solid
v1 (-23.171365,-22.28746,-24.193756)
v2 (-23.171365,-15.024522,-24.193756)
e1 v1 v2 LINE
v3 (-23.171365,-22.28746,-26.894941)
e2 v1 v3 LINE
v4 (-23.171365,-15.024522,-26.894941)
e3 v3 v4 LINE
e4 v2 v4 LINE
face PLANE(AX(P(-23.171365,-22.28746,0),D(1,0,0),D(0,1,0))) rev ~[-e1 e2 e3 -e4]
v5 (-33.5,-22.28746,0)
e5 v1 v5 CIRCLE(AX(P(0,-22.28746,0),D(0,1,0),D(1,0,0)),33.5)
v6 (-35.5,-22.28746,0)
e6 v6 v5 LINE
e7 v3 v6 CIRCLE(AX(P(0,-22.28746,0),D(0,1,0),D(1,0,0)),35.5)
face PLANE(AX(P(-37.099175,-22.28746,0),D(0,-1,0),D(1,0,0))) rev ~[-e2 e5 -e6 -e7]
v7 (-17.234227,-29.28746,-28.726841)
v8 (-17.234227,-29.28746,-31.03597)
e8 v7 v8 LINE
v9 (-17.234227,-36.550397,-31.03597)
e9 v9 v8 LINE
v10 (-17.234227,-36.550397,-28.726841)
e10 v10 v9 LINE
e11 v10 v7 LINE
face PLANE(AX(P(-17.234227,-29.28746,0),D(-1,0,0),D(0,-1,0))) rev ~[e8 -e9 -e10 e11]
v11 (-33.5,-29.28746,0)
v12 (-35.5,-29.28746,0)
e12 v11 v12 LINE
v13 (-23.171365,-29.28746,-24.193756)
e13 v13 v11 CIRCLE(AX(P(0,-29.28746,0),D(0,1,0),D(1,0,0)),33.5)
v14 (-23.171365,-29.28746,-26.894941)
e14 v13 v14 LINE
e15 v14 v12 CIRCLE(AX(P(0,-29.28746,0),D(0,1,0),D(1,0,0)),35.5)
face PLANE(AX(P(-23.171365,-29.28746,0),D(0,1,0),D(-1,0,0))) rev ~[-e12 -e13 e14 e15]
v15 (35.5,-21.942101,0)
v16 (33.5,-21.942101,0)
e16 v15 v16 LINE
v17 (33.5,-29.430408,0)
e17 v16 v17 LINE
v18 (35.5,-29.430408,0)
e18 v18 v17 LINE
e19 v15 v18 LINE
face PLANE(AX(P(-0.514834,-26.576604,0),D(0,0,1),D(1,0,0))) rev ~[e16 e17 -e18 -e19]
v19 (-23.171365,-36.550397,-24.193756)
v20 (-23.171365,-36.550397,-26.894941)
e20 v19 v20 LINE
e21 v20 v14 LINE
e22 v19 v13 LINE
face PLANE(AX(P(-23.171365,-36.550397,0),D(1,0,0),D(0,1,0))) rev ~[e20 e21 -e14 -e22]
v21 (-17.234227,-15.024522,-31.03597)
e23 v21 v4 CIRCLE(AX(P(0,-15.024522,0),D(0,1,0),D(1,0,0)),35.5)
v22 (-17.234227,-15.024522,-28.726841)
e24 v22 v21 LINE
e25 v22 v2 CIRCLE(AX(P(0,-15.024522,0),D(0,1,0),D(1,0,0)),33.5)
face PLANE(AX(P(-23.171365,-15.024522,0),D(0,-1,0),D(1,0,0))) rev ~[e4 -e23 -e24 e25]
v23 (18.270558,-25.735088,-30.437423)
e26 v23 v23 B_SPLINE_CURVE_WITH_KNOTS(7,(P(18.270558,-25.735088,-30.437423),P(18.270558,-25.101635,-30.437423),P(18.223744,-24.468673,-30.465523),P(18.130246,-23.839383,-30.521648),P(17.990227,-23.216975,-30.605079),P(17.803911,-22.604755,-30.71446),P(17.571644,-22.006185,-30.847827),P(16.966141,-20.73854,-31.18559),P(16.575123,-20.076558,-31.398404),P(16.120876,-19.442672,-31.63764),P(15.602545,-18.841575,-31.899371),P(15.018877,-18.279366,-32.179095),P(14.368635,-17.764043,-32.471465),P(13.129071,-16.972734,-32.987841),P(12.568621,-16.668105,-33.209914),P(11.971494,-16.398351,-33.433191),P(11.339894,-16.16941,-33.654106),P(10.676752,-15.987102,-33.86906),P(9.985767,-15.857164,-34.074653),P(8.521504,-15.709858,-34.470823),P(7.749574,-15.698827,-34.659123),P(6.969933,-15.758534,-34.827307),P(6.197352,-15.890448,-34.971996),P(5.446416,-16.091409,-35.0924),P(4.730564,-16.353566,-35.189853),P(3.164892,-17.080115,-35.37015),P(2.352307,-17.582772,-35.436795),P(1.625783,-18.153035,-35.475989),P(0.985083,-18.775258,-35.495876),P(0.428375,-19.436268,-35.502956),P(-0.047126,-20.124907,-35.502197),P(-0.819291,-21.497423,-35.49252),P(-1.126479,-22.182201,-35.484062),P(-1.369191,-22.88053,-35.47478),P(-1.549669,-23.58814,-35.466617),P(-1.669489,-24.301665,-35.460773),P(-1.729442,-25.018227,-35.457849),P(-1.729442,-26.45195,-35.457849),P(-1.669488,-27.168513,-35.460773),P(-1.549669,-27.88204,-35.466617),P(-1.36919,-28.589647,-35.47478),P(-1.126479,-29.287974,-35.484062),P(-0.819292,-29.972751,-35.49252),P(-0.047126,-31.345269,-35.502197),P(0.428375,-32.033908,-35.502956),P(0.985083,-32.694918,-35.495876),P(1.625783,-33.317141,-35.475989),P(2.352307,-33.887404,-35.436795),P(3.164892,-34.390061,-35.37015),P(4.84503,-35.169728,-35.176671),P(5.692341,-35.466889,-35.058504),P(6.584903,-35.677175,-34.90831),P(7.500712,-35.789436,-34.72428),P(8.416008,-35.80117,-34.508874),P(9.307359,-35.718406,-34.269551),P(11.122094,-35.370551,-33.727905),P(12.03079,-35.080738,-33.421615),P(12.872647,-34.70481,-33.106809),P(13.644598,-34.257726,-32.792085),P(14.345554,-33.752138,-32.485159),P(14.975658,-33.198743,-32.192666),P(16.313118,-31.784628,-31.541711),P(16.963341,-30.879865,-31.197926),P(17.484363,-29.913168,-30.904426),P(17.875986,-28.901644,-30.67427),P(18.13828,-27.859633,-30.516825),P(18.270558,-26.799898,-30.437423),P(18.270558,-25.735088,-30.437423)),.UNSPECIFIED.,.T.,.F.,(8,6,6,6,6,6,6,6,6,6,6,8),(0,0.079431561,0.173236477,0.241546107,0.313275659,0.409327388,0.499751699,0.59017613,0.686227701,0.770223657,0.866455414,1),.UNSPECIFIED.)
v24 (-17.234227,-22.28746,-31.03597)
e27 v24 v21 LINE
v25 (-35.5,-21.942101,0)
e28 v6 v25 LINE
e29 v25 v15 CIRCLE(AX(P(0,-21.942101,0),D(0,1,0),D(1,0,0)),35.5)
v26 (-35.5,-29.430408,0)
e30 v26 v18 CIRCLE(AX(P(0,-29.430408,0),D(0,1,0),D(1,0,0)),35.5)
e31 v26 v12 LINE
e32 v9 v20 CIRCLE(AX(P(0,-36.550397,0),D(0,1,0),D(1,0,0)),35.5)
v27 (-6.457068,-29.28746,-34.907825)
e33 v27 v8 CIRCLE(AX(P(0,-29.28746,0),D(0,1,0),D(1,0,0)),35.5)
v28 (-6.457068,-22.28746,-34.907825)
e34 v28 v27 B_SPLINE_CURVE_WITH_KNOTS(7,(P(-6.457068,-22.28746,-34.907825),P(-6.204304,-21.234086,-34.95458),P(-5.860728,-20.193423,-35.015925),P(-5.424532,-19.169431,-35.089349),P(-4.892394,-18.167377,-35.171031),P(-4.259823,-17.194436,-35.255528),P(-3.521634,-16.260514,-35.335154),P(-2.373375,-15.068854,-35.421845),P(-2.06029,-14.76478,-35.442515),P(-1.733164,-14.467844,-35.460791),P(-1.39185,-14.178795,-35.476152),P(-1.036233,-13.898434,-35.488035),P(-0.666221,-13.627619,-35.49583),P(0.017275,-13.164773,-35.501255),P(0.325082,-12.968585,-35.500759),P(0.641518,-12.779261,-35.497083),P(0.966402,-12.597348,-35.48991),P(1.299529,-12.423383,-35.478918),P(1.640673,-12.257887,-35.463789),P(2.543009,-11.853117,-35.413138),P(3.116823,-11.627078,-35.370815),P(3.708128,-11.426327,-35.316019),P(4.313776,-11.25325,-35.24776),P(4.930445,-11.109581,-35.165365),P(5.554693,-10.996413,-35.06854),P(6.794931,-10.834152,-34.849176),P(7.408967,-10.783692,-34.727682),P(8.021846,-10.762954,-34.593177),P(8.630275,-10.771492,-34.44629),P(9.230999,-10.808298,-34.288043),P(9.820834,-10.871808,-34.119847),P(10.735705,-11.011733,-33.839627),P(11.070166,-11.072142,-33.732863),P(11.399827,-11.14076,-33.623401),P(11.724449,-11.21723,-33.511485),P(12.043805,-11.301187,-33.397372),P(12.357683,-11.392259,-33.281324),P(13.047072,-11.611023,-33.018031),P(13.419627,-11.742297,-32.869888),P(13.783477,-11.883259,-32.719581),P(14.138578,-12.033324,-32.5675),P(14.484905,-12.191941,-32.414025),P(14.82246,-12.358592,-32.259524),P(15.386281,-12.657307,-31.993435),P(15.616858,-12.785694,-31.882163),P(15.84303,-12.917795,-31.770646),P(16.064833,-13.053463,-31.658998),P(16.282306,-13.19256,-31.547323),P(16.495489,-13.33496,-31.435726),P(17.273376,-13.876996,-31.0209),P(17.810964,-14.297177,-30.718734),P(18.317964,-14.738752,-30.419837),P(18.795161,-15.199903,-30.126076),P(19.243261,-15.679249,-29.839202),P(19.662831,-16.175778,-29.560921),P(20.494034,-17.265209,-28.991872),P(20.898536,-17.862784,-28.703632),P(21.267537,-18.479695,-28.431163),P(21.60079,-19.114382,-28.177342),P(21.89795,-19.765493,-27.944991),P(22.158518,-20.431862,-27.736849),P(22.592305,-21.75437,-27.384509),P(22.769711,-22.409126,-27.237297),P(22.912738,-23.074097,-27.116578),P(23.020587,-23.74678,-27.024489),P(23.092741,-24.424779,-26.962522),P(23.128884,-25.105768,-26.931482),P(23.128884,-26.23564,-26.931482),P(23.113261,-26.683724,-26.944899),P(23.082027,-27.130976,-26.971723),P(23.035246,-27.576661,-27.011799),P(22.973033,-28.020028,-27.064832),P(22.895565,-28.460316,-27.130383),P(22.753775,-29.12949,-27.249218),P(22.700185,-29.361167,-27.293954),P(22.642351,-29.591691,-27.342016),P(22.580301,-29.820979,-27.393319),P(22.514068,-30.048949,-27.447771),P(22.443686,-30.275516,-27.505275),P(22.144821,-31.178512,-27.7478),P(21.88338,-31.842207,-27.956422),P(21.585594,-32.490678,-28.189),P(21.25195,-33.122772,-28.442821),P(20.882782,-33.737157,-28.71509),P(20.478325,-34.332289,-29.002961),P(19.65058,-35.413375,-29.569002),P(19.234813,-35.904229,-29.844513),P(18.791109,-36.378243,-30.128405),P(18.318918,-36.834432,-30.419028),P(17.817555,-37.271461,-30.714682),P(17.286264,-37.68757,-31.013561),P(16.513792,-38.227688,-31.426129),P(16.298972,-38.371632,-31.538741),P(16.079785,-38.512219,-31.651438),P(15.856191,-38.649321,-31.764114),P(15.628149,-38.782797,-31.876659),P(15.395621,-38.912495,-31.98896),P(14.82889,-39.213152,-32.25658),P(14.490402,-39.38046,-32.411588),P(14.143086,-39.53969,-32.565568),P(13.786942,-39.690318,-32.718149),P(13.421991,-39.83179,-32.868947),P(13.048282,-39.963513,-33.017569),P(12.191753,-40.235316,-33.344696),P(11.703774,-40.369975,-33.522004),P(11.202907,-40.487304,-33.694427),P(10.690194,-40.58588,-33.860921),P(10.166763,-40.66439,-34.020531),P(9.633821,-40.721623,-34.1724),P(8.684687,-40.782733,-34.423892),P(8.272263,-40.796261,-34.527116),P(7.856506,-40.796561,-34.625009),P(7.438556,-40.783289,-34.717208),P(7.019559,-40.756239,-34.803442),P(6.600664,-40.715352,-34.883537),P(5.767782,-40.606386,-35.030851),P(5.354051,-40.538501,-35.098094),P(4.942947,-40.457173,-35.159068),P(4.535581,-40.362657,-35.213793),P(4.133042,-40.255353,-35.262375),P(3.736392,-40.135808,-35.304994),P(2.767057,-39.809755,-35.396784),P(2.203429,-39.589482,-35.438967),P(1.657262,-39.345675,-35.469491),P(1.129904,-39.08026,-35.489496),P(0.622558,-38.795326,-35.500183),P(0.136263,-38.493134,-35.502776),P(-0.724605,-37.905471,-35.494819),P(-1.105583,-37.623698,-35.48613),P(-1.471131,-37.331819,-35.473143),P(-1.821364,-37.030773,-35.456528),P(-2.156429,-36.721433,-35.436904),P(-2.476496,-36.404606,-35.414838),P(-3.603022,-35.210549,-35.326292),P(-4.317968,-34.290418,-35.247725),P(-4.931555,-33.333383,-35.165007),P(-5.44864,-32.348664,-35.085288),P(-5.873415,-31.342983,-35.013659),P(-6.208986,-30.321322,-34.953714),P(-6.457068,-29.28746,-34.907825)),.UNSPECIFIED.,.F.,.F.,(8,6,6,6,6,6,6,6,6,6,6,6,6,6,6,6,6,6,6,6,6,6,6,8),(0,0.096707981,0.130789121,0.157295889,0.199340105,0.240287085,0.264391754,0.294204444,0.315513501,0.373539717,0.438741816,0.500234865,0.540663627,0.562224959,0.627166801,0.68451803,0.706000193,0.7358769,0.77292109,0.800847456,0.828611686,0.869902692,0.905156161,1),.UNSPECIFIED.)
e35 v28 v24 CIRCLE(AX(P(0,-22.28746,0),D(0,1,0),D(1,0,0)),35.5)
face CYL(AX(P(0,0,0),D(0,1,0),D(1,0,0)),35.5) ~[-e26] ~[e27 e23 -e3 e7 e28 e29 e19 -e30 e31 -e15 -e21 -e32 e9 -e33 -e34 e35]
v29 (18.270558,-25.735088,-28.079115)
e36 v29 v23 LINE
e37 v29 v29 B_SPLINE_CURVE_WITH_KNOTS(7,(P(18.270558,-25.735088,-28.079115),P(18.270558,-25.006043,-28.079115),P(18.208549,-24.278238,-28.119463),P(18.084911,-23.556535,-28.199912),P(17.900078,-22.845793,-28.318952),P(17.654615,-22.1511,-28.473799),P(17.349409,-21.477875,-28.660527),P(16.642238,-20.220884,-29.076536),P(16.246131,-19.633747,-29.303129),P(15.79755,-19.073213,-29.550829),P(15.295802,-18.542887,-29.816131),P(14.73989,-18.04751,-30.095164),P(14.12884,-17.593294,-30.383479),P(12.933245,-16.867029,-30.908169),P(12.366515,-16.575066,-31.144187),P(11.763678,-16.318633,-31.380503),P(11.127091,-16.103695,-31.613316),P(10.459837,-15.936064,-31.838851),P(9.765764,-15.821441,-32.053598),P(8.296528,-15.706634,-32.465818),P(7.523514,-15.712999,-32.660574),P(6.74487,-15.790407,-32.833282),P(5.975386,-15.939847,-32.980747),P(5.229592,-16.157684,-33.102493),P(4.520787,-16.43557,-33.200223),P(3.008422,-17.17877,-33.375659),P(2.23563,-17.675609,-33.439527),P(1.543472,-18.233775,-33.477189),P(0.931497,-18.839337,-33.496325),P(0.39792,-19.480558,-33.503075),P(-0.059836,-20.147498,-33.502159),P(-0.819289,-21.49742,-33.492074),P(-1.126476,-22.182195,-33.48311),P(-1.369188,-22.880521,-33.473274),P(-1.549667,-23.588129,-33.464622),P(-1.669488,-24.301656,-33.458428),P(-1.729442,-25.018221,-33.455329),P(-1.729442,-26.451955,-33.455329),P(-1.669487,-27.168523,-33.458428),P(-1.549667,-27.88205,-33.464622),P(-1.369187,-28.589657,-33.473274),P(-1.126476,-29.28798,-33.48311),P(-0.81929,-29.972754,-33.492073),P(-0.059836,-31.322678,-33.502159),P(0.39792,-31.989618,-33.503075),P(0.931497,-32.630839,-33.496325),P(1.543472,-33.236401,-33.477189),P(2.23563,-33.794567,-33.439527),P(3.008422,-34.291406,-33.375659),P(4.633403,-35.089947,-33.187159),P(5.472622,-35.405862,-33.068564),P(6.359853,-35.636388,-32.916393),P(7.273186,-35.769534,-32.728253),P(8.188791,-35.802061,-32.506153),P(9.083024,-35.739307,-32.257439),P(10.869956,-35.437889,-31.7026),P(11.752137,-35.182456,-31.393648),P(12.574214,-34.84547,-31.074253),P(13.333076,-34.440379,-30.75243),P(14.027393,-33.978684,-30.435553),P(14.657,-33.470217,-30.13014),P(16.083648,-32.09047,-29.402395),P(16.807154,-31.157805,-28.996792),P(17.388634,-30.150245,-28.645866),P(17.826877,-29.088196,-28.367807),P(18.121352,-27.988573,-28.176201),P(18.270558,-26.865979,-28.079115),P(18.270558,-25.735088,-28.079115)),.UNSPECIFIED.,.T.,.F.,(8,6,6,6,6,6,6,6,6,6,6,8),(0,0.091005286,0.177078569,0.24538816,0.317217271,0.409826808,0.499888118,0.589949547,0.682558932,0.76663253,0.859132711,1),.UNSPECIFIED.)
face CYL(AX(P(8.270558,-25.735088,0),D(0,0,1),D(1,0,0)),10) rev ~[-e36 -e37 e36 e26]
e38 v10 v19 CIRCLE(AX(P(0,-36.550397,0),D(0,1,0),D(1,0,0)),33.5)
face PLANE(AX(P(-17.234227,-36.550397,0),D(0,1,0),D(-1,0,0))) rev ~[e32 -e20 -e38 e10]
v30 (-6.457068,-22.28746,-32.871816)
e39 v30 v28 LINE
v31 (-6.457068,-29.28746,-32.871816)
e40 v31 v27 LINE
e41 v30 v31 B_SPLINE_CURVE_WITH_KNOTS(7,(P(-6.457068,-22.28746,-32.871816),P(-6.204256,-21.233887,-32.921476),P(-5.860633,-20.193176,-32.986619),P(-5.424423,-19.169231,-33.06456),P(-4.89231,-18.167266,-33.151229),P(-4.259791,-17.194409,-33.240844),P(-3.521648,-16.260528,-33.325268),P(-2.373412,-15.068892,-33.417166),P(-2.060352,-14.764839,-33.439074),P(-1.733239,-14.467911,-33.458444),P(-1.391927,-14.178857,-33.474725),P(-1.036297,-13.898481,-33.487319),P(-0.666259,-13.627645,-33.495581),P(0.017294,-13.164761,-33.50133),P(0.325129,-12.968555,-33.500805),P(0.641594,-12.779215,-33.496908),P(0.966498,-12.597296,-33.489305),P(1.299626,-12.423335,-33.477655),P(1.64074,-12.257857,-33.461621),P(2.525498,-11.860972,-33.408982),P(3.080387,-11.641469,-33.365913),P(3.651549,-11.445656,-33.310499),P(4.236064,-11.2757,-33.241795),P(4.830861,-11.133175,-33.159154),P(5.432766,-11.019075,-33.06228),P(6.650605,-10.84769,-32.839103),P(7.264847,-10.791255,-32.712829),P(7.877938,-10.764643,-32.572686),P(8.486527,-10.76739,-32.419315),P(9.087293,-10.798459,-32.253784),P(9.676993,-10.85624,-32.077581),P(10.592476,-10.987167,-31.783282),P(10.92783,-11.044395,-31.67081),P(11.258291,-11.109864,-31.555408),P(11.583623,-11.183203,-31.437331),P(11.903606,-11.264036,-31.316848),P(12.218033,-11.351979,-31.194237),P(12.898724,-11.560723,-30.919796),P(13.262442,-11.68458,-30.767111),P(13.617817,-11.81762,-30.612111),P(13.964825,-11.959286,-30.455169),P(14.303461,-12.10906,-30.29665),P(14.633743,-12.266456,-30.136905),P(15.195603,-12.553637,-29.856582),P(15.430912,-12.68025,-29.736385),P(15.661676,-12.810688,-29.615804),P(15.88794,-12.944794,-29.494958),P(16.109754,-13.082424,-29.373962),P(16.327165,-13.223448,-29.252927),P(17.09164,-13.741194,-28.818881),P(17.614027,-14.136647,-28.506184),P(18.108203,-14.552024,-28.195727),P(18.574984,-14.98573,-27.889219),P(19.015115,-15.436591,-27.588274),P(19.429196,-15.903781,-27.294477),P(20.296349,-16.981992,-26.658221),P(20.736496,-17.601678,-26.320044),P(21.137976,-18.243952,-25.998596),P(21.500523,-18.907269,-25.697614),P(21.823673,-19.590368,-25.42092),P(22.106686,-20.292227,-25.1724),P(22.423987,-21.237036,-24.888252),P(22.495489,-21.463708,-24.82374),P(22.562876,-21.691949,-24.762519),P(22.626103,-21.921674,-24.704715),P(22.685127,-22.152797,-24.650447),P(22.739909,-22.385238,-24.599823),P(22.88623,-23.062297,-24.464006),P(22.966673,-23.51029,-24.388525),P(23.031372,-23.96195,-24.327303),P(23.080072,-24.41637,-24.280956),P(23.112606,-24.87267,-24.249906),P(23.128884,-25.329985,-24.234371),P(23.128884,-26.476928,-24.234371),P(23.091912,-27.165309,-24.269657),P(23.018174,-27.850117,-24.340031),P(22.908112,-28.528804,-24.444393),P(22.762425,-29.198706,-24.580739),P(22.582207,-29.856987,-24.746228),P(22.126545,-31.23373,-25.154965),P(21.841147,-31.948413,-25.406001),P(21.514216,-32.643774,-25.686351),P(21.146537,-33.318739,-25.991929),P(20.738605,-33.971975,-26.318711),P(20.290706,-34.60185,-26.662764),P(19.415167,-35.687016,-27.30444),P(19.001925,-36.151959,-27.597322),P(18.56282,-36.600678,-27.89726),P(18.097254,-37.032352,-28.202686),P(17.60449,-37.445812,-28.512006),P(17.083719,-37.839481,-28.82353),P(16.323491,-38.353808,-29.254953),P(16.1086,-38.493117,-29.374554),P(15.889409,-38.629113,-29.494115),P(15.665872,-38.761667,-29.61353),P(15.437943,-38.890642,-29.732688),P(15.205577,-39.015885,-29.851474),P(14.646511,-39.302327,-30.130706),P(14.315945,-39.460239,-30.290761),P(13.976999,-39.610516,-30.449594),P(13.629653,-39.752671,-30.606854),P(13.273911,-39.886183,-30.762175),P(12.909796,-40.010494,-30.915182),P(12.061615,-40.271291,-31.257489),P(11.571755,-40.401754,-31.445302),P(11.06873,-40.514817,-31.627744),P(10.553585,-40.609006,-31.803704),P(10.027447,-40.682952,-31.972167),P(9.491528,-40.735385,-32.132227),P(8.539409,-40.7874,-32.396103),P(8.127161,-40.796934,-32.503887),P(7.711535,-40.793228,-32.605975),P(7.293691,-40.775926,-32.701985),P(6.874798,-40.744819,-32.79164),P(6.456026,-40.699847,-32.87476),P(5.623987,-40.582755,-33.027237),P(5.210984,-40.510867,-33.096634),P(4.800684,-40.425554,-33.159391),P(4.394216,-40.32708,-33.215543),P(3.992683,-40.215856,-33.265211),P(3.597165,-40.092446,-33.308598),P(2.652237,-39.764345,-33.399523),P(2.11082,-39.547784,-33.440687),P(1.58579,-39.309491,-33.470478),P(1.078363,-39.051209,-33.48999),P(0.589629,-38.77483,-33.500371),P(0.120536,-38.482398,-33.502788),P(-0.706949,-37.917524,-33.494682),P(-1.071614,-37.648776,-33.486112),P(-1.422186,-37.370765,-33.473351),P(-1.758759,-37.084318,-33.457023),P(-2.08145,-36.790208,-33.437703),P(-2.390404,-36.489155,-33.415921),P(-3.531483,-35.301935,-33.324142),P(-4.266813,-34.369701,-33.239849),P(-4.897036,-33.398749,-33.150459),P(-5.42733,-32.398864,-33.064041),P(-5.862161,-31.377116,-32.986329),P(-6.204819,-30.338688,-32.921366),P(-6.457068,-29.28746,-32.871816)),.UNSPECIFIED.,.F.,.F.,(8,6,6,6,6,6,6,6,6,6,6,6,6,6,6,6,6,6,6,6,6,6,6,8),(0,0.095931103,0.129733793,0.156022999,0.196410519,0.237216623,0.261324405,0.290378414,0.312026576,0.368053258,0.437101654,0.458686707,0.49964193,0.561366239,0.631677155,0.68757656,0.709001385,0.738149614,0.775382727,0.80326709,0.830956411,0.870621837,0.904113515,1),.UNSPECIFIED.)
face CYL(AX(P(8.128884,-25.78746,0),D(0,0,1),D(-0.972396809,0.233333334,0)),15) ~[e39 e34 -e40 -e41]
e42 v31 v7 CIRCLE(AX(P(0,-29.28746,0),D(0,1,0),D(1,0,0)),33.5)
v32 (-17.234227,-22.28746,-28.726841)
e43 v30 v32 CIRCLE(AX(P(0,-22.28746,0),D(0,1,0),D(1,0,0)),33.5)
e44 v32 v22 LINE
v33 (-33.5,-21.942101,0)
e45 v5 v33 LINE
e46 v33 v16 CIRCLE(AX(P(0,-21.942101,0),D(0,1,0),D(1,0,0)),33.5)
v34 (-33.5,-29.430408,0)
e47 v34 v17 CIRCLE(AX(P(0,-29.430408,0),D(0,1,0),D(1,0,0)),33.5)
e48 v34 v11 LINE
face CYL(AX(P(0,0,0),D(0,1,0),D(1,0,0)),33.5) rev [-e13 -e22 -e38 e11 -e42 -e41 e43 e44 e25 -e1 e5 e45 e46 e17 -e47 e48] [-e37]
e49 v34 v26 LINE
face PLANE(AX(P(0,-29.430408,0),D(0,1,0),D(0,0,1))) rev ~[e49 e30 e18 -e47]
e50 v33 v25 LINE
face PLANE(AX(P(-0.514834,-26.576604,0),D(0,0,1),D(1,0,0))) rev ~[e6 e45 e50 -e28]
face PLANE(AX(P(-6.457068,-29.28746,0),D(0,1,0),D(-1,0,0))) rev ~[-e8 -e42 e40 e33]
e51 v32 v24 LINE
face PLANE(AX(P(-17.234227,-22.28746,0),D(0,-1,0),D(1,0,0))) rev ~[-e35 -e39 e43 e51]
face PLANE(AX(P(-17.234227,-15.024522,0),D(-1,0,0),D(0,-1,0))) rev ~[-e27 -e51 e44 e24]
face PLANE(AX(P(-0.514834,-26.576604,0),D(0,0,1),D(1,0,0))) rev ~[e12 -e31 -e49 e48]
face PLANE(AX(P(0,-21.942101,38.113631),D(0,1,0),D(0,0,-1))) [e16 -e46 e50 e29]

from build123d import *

# Parameters (mm, degrees)
F0_R     = 35.5
F0_R_2   = 33.5
F1_DEPTH = 50.8
F3_DEPTH = 50.8
F4_R     = 10
F5_DEPTH = 50.8
F7_DEPTH = 38.1


with BuildPart() as f1:
    # F0 (on Front) → F1 (new body)
    with BuildSketch(Plane.XZ):
        Circle(F0_R)
        Circle(F0_R_2, mode=Mode.SUBTRACT)
    extrude(amount=F1_DEPTH)

    # F2 (on Top) → F3 (cut)
    with BuildSketch(Plane.XY):
        with BuildLine():
            ThreePointArc((-6.457068, -22.28746), (23.128884, -25.78746), (-6.457068, -29.28746))
            Line((-6.457068, -29.28746), (-13.500003, -29.28746))
            Line((-13.500003, -29.28746), (-17.234227, -29.28746))
            Line((-17.234227, -29.28746), (-17.234227, -36.550397))
            Line((-17.234227, -36.550397), (-23.171365, -36.550397))
            Line((-23.171365, -36.550397), (-23.171365, -29.28746))
            Line((-23.171365, -29.28746), (-37.299089, -29.28746))
            Line((-37.299089, -29.28746), (-37.299089, -59.553057))
            Line((-37.299089, -59.553057), (42.624012, -59.553057))
            Line((42.624012, -59.553057), (42.624012, 5.546404))
            Line((42.624012, 5.546404), (-37.299089, 5.546404))
            Line((-37.299089, 5.546404), (-37.099175, -22.28746))
            Line((-37.099175, -22.28746), (-23.171365, -22.28746))
            Line((-23.171365, -22.28746), (-23.171365, -15.024522))
            Line((-23.171365, -15.024522), (-17.234227, -15.024522))
            Line((-17.234227, -15.024522), (-17.234227, -22.28746))
            Line((-17.234227, -22.28746), (-13.500003, -22.28746))
            Line((-13.500003, -22.28746), (-10.810506, -22.28746))
            Line((-10.810506, -22.28746), (-6.457068, -22.28746))
        make_face()
    extrude(amount=-F3_DEPTH, mode=Mode.SUBTRACT)

    # F4 (on Top) → F5 (cut)
    with BuildSketch(Plane.XY):
        with Locations((8.270558, -25.735088)):
            Circle(F4_R)
    extrude(amount=-F5_DEPTH, mode=Mode.SUBTRACT)

    # F6 (on Right) → F7 (cut, symmetric)
    with BuildSketch(Plane.YZ):
        Polygon((-21.942101, 38.113631), (-21.942101, 0), (-21.942101, -4.419958), (6.513468, -3.371595), (6.513468, 37.065268), align=None)
        Polygon((-29.430408, 0), (-29.430408, 39.161991), (-57.436682, 38.113631), (-57.436682, 0), align=None)
    extrude(amount=F7_DEPTH, both=True, mode=Mode.SUBTRACT)


solid = f1.part
